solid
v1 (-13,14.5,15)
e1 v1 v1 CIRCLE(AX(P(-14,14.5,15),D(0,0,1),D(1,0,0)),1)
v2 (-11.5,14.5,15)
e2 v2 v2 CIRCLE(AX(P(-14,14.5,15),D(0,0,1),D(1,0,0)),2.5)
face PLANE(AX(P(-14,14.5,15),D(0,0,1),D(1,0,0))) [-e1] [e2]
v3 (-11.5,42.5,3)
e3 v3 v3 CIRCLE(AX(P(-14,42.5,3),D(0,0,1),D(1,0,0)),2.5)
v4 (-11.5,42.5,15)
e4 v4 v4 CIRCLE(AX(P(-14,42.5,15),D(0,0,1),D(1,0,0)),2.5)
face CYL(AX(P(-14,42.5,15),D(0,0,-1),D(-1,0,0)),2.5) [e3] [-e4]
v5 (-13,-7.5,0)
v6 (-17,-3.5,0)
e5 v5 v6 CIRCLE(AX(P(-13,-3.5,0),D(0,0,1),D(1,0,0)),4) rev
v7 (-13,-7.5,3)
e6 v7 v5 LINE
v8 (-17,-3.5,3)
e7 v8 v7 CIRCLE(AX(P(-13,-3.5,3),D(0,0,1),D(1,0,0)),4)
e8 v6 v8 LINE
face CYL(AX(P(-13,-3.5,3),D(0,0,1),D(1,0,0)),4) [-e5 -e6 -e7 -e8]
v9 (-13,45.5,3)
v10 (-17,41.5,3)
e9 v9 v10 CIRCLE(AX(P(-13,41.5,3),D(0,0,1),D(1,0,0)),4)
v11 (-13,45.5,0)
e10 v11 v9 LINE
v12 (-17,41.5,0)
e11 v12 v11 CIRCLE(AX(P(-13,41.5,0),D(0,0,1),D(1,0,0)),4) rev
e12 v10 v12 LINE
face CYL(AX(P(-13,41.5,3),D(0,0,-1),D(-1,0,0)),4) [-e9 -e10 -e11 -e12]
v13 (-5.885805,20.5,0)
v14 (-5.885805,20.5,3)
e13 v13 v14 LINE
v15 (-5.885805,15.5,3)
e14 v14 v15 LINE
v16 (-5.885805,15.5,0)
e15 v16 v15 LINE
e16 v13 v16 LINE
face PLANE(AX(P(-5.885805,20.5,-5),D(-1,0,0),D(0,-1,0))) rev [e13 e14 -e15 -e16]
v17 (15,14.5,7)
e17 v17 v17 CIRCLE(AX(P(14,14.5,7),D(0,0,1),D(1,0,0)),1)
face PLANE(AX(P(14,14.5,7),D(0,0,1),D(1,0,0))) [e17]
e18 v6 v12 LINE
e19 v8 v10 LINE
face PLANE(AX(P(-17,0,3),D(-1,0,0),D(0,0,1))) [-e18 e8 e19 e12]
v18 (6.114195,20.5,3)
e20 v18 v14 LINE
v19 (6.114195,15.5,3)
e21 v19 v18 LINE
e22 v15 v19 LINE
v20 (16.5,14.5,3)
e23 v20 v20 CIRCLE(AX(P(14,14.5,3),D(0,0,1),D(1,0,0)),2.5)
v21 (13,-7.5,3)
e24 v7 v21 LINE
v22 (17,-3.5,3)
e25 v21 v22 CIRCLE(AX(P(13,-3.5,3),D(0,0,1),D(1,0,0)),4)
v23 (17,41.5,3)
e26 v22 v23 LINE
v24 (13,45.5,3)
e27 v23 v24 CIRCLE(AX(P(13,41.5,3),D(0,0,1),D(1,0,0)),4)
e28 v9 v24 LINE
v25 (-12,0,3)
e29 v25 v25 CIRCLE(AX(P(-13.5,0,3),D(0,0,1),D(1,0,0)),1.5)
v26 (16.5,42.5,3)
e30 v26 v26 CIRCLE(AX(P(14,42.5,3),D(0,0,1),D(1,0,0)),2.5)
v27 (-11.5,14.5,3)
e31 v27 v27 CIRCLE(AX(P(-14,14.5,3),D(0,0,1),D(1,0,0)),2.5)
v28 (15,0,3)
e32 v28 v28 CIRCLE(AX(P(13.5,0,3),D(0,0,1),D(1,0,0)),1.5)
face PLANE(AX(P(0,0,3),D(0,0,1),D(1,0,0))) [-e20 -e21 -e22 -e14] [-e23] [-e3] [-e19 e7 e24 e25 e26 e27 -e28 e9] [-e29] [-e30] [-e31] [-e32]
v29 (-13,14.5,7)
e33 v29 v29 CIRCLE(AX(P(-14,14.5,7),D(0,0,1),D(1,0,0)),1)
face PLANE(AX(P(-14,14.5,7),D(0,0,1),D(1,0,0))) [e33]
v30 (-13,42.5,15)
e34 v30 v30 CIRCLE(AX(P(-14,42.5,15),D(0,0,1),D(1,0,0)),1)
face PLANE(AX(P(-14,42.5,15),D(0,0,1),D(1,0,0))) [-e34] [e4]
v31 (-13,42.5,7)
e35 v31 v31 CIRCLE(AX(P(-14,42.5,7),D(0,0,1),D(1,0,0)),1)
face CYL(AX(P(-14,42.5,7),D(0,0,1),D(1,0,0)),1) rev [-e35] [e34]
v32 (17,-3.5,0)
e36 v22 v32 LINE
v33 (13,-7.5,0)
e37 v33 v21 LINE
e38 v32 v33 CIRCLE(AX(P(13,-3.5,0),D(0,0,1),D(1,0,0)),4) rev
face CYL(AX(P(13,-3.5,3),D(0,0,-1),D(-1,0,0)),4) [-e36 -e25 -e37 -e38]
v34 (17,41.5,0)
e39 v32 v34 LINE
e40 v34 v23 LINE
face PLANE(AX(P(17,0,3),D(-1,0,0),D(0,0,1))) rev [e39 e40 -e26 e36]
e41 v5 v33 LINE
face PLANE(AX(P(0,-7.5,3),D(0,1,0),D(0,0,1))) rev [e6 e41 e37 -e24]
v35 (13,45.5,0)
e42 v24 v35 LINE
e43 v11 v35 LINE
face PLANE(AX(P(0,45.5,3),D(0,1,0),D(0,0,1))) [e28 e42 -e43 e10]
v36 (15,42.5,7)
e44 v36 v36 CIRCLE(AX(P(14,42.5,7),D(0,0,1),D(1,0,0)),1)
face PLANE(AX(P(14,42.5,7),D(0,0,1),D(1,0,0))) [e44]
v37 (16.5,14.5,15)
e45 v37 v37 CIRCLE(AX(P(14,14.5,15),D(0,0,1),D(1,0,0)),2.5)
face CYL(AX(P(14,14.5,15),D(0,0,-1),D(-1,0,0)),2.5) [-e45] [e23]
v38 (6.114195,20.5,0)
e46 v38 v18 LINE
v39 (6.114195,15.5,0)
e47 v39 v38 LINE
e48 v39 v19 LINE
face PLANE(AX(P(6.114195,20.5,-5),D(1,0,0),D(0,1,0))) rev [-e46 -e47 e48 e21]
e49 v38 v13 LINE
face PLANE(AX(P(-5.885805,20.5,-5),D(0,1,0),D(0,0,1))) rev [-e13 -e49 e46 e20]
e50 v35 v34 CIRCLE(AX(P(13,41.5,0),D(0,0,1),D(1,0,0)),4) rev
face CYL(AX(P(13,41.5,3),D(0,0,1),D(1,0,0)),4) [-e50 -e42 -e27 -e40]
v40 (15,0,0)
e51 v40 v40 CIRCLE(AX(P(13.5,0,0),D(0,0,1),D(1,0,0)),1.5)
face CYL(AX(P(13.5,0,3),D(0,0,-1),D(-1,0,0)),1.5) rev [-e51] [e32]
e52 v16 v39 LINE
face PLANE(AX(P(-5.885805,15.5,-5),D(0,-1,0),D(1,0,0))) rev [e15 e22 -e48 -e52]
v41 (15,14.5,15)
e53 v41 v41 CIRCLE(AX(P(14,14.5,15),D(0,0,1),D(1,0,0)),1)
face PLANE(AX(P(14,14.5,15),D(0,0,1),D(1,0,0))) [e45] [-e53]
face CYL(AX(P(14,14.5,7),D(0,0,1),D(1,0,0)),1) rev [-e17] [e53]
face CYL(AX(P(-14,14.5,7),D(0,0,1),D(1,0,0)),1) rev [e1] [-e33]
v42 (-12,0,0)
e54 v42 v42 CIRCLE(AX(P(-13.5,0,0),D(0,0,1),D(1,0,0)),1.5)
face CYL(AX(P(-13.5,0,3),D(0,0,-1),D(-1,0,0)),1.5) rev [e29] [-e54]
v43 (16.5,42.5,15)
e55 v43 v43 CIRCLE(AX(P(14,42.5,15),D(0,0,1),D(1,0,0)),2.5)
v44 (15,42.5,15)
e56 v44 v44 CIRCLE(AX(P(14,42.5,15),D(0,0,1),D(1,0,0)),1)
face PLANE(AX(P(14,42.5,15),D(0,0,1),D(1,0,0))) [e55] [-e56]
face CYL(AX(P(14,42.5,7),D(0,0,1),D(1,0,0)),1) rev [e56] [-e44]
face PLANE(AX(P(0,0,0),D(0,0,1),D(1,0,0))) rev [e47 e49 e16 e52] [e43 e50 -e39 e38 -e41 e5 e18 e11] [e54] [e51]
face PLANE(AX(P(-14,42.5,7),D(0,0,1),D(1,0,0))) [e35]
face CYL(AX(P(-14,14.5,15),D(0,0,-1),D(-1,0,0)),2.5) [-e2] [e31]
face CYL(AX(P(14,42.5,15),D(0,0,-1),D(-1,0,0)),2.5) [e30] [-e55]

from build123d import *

# Parameters (mm, degrees)
SKETCH_1_W          = 34
SKETCH_1_H          = 38
SKETCH_1_W_2        = 28
SKETCH_1_H_2        = 28
SKETCH_1_H_3        = 15
SKETCH_1_R          = 1.5
EXTRUDE_1_DEPTH     = 3
SKETCH_2_R          = 2.5
EXTRUDE_2_DEPTH     = 12
SKETCH_3_R          = 1
CUT_EXTRUDE_1_DEPTH = 8
FILLET_1_R          = 4
SKETCH_4_W          = 12
SKETCH_4_H          = 5
CUT_EXTRUDE_2_DEPTH = 8


with BuildPart() as part:
    # 草图1 → 凸台-拉伸1 (new body)
    # profile 1 of 3: a face of its own
    with BuildSketch(Plane.XY):
        with Locations((0, 26.5)):
            Rectangle(SKETCH_1_W, SKETCH_1_H)
        with Locations((0, 28.5)):
            Rectangle(SKETCH_1_W_2, SKETCH_1_H_2, mode=Mode.SUBTRACT)
    # profile 2 of 3: a face of its own
    with BuildSketch(Plane.XY):
        with Locations((0, 28.5)):
            Rectangle(SKETCH_1_W_2, SKETCH_1_H_2)
    # profile 3 of 3: a face of its own
    with BuildSketch(Plane.XY):
        Rectangle(SKETCH_1_W, SKETCH_1_H_3)
        with Locations((13.5, 0)):
            Circle(SKETCH_1_R, mode=Mode.SUBTRACT)
        with Locations((-13.5, 0)):
            Circle(SKETCH_1_R, mode=Mode.SUBTRACT)
    extrude(amount=EXTRUDE_1_DEPTH)

    # 草图2 → 凸台-拉伸2 (add)
    with BuildSketch(Plane.XY.offset(3)):
        with Locations((-14, 42.5)):
            Circle(SKETCH_2_R)
        with Locations((14, 42.5)):
            Circle(SKETCH_2_R)
        with Locations((-14, 14.5)):
            Circle(SKETCH_2_R)
        with Locations((14, 14.5)):
            Circle(SKETCH_2_R)
    extrude(amount=EXTRUDE_2_DEPTH)

    # 草图3 → 切除-拉伸1 (cut)
    with BuildSketch(Plane.XY.offset(15)):
        with Locations((-14, 42.5)):
            Circle(SKETCH_3_R)
        with Locations((14, 42.5)):
            Circle(SKETCH_3_R)
        with Locations((-14, 14.5)):
            Circle(SKETCH_3_R)
        with Locations((14, 14.5)):
            Circle(SKETCH_3_R)
    extrude(amount=-CUT_EXTRUDE_1_DEPTH, mode=Mode.SUBTRACT)

    # 圆角1
    fillet_1_edges = [part.edges().sort_by_distance(p)[0] for p in [
        (-17, 45.5, 1.5),
        (17, 45.5, 1.5),
        (17, -7.5, 1.5),
        (-17, -7.5, 1.5),
    ]]
    fillet(fillet_1_edges, radius=FILLET_1_R)

    # 草图4 → 切除-拉伸2 (cut)
    with BuildSketch(Plane.XY.offset(3)):
        with Locations((0.114195125, 18)):
            Rectangle(SKETCH_4_W, SKETCH_4_H)
    extrude(amount=-CUT_EXTRUDE_2_DEPTH, mode=Mode.SUBTRACT)


solid = part.part
